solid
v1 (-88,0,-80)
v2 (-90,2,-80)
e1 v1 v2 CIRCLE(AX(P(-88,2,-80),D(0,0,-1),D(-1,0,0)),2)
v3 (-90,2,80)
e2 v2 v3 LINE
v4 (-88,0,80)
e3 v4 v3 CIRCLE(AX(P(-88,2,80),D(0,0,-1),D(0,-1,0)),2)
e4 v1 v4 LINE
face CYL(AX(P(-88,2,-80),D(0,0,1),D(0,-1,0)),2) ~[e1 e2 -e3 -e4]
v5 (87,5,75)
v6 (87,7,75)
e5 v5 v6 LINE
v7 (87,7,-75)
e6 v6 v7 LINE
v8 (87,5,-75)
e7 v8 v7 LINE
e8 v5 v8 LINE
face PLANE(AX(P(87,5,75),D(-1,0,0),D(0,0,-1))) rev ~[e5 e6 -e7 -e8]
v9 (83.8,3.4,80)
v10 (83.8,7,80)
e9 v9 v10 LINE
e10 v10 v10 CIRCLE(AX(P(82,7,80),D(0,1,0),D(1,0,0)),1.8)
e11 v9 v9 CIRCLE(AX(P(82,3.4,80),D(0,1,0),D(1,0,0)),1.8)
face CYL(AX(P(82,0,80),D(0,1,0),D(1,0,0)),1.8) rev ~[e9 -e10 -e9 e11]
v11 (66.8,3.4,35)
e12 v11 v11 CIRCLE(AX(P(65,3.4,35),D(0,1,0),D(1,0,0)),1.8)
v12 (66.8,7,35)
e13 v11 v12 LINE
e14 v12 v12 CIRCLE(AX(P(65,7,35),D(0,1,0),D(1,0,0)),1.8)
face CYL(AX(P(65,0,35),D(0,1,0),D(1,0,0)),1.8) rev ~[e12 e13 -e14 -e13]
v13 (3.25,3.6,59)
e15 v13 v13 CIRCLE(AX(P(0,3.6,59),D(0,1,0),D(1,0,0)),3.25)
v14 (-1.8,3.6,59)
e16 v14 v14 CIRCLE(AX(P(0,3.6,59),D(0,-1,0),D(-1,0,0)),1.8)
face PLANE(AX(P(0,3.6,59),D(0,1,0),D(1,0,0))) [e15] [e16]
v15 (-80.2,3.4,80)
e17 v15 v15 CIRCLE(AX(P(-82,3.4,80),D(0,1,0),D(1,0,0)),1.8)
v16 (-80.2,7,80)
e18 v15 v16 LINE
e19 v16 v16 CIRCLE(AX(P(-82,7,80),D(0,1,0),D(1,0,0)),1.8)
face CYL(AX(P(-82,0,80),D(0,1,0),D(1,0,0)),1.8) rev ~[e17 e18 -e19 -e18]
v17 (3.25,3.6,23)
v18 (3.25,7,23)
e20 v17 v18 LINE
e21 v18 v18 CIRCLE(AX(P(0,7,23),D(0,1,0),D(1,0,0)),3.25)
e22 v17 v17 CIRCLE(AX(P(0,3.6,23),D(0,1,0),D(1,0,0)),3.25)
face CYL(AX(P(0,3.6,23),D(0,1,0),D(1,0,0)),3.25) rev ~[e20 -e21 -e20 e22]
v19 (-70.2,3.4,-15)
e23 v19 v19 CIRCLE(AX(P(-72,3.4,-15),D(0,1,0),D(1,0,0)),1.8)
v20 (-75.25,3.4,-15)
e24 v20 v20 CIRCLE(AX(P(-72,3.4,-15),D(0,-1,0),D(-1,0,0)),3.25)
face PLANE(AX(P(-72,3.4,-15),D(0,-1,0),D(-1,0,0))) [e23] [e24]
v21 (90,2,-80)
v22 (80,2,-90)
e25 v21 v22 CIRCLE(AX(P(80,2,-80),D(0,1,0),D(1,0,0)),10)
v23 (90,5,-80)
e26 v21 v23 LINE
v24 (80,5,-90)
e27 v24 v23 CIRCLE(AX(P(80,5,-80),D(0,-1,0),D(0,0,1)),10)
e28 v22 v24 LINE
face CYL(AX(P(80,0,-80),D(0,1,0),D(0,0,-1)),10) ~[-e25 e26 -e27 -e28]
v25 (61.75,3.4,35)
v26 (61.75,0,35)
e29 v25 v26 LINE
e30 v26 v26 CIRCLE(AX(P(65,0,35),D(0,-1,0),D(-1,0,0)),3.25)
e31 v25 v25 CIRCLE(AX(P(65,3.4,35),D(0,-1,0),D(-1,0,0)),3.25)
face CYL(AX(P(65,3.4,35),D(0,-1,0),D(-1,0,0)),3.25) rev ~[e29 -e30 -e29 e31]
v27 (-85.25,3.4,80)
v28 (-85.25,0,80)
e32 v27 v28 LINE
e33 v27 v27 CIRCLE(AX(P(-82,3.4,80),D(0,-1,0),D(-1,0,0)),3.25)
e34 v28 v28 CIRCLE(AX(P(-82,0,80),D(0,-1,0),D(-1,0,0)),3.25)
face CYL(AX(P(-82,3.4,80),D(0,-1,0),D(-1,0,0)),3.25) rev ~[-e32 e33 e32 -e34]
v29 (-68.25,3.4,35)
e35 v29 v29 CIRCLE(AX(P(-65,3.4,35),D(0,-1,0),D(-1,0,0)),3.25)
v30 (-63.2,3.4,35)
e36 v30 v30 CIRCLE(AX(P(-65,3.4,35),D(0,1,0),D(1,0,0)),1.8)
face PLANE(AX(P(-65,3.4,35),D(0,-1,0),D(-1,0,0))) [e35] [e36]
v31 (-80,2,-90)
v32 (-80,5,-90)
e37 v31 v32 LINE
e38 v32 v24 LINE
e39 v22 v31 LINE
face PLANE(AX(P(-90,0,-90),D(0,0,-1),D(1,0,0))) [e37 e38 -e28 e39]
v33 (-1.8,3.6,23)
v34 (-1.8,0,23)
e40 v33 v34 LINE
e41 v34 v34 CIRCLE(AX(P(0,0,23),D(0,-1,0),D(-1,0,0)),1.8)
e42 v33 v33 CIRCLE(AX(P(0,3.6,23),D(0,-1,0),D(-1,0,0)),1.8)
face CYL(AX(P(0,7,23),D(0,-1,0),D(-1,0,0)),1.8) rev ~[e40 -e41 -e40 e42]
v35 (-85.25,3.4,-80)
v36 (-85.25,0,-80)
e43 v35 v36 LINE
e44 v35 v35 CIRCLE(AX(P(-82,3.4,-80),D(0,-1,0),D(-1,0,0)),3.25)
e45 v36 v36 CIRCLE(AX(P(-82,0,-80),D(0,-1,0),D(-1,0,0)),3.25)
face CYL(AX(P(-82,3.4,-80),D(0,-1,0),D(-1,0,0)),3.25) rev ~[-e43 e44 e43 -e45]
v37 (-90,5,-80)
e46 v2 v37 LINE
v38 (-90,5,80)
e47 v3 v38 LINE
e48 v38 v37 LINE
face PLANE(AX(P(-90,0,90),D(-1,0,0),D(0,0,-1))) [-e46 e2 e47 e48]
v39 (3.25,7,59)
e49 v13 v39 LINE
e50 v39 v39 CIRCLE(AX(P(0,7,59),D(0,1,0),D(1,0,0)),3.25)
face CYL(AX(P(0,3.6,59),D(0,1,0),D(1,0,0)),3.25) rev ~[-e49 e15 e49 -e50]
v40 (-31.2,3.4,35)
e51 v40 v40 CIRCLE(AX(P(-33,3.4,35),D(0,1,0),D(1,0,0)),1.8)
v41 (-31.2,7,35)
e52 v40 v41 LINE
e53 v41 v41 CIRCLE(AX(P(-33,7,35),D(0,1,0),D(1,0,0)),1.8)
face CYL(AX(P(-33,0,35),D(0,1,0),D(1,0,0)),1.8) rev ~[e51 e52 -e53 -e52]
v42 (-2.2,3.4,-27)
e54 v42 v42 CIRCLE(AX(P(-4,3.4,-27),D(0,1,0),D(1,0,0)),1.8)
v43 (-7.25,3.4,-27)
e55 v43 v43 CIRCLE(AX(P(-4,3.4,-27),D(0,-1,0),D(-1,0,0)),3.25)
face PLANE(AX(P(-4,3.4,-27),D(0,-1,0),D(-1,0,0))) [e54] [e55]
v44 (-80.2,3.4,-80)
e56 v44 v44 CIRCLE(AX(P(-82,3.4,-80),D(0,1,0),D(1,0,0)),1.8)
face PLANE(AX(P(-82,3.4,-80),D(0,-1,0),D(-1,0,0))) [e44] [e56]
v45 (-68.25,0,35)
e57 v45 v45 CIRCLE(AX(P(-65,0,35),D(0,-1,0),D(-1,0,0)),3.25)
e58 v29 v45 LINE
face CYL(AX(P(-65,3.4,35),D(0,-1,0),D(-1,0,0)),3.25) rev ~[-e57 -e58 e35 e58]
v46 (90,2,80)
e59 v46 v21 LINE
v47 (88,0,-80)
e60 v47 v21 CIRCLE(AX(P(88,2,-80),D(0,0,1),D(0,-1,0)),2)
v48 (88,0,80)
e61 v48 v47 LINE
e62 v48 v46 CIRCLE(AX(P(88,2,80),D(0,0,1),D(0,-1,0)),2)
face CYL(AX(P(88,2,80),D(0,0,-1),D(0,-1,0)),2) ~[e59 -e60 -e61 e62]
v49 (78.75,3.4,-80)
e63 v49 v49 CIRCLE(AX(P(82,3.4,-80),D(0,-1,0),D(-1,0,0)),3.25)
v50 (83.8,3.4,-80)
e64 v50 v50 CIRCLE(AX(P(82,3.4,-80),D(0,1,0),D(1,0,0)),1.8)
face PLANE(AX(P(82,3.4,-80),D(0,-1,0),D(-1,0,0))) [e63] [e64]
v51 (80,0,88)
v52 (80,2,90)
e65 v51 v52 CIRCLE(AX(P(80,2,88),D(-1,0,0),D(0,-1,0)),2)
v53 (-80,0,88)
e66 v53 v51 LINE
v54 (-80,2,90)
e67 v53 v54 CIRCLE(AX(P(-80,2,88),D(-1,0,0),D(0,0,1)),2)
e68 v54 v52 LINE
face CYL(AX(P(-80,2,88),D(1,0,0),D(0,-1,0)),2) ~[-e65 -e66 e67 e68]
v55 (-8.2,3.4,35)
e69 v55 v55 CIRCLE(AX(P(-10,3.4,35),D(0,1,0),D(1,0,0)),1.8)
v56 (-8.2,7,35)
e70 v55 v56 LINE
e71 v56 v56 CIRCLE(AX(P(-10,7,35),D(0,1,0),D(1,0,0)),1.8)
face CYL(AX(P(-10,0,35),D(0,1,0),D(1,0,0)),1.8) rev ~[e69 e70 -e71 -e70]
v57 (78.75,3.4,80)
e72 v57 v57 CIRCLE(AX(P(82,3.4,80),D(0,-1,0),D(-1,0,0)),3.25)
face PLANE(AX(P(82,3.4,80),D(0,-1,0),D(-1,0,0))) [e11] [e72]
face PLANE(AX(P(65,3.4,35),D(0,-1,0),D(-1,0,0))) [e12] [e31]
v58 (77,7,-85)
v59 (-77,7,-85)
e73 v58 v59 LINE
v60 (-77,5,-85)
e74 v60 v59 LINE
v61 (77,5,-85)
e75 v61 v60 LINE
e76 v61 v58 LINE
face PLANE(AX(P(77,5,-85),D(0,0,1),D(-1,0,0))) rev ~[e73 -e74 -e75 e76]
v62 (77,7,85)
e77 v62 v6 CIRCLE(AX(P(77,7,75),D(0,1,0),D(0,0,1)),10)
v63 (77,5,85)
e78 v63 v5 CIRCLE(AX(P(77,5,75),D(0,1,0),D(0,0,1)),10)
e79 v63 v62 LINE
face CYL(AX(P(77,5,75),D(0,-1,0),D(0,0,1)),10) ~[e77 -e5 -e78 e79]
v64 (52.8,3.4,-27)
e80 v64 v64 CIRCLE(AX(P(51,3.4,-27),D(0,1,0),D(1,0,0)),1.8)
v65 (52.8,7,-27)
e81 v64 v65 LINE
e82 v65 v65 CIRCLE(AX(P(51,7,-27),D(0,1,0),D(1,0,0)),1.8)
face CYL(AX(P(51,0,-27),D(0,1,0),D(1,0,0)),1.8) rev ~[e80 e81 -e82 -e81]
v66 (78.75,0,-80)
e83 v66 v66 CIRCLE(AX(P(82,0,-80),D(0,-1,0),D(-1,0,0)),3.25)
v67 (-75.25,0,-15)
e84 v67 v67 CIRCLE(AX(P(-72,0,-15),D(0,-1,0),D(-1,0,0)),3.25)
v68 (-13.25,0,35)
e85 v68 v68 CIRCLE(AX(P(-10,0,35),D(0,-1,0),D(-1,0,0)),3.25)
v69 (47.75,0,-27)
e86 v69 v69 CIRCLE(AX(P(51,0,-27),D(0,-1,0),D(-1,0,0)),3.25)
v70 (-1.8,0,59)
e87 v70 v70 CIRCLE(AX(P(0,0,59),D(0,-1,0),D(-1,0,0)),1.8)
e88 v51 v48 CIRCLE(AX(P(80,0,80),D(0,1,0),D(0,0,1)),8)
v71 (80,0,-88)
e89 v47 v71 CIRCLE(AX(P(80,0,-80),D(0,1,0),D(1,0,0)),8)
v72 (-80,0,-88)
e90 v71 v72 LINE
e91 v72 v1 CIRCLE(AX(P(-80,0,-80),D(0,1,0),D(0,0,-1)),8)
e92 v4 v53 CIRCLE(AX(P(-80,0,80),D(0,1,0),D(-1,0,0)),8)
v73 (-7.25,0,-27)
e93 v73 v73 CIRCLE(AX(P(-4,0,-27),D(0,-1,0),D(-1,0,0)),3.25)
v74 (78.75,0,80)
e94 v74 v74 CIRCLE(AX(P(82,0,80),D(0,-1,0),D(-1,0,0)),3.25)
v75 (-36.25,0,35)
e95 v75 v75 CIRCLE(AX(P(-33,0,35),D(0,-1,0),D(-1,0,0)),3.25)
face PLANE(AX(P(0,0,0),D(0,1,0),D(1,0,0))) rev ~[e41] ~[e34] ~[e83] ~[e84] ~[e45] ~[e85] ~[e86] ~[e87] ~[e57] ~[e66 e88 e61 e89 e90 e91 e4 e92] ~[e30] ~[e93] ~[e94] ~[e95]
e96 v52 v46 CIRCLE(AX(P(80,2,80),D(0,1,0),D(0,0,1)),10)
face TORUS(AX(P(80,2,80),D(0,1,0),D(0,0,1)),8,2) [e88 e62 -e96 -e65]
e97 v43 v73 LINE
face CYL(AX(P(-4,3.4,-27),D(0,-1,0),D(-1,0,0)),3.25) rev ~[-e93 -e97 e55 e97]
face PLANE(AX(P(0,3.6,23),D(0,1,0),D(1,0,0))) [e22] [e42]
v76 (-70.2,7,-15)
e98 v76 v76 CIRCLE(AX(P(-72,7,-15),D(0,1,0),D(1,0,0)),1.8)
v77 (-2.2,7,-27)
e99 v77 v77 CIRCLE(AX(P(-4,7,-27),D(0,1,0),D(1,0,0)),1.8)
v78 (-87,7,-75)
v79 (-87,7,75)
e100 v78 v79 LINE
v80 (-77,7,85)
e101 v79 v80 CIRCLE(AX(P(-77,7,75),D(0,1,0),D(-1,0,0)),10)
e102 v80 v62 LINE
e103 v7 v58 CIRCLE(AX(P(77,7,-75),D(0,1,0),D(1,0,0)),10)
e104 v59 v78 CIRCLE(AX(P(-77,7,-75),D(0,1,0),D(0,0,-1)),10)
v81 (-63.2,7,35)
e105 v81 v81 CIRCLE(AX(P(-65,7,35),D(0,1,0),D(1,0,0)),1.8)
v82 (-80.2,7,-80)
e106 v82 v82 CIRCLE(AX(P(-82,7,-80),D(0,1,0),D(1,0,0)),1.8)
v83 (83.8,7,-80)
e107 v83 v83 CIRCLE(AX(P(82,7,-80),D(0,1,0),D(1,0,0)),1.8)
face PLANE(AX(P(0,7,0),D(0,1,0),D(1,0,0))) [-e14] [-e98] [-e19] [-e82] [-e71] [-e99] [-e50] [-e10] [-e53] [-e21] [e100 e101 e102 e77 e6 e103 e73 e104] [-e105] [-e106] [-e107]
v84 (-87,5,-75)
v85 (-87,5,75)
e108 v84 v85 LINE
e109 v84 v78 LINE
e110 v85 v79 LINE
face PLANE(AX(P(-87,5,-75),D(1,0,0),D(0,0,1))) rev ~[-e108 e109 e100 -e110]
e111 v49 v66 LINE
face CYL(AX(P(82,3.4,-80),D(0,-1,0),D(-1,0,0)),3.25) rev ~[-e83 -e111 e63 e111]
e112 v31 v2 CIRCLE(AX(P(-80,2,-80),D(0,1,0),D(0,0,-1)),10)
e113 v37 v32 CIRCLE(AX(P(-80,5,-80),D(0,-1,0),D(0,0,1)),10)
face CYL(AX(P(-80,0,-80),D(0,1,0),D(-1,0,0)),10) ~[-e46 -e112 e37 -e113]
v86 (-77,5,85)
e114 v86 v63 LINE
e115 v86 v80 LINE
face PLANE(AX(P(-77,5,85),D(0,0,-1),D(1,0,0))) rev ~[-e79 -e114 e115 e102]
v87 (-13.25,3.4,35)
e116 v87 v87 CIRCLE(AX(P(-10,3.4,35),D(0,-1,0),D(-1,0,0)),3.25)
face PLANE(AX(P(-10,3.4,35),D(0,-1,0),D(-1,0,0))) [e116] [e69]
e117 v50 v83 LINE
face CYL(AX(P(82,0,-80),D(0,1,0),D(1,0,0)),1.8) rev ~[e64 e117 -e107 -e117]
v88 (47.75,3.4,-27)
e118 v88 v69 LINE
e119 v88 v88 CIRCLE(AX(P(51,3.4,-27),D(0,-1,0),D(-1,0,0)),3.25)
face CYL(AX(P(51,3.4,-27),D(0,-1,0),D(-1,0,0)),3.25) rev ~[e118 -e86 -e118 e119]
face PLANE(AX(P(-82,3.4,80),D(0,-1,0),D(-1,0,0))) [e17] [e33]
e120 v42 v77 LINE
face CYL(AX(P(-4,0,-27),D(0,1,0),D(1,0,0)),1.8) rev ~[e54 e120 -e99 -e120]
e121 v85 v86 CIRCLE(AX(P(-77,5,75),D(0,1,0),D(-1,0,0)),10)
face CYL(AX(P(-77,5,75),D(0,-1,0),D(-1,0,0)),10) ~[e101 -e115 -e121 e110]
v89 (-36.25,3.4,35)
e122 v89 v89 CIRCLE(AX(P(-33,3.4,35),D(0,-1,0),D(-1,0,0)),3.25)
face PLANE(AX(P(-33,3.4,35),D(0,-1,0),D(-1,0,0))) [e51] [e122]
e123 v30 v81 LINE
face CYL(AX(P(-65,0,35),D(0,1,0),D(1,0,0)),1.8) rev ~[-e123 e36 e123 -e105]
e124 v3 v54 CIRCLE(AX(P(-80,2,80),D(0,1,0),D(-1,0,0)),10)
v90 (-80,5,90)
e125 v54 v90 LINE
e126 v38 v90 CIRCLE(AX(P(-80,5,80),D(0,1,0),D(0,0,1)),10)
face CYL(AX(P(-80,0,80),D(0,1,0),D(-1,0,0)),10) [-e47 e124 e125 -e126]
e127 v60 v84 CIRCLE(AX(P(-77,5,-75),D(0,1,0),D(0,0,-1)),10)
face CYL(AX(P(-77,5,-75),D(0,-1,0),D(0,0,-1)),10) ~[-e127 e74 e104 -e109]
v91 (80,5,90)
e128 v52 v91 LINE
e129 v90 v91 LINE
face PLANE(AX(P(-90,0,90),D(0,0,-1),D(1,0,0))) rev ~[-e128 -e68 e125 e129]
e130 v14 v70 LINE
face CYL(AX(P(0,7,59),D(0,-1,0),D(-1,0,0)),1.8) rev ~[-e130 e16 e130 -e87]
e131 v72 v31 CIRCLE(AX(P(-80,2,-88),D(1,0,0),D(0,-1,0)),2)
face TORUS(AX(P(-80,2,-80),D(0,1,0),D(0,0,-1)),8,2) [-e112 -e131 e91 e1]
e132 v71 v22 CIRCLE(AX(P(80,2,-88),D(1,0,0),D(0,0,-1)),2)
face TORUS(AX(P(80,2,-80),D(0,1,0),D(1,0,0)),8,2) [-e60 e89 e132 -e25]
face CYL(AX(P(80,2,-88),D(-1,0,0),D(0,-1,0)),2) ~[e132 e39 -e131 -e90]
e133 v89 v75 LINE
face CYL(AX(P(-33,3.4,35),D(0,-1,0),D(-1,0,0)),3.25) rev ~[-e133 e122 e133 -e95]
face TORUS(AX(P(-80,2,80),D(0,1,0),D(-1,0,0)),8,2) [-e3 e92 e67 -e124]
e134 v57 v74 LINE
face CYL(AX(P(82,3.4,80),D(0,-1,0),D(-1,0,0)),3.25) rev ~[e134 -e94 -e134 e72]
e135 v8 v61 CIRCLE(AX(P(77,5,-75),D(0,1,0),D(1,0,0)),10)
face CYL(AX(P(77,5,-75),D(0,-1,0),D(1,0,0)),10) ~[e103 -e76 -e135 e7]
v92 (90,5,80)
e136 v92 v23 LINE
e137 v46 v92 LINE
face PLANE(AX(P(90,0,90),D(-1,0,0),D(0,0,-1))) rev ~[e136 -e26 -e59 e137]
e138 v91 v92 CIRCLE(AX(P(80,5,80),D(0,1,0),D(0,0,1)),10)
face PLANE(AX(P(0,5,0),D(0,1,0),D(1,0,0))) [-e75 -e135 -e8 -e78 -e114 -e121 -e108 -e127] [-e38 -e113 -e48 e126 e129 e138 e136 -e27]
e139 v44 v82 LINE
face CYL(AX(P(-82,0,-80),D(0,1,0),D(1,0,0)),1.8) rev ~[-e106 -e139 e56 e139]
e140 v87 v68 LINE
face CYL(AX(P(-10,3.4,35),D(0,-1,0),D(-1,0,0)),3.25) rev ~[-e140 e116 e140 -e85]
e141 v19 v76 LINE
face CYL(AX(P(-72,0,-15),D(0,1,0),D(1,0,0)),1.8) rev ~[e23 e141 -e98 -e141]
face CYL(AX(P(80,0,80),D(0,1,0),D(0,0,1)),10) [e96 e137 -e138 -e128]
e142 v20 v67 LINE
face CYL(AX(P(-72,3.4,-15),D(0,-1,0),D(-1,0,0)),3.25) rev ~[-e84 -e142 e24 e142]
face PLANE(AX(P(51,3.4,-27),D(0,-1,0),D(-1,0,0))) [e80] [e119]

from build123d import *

# Parameters (mm, degrees)
SKIZZE1_W                                            = 180
SKIZZE1_H                                            = 180
AUFSATZ_LINEAR_AUSTRAGEN1_DEPTH                      = 5
AUFSATZ_LINEAR_AUSTRAGEN2_DEPTH                      = 2
STIRNSENKUNG_F_R_M3_ZYLINDERSCHRAUBE_MIT_D           = 3.6
STIRNSENKUNG_F_R_M3_ZYLINDERSCHRAUBE_MIT_DEPTH       = 9.1
STIRNSENKUNG_F_R_M3_ZYLINDERSCHRAUBE_MIT_CBORE_D     = 6.5
STIRNSENKUNG_F_R_M3_ZYLINDERSCHRAUBE_MIT_CBORE_DEPTH = 3.4
STIRNSENKUNG_F_R_M3_ZYLINDERSCHRAUBE_MIT_TIP         = 1.081549114
STIRNSENKUNG_F_R_M3_ZYLINDERSCHRAUBE_2_D             = 3.6
STIRNSENKUNG_F_R_M3_ZYLINDERSCHRAUBE_2_DEPTH         = 9.1
STIRNSENKUNG_F_R_M3_ZYLINDERSCHRAUBE_2_CBORE_D       = 6.5
STIRNSENKUNG_F_R_M3_ZYLINDERSCHRAUBE_2_CBORE_DEPTH   = 3.4
STIRNSENKUNG_F_R_M3_ZYLINDERSCHRAUBE_2_TIP           = 1.081549114
VERRUNDUNG1_R                                        = 10
VERRUNDUNG2_R                                        = 2
STIRNSENKUNG_F_R_M3_ZYLINDERSCHRAUBE_3_D             = 3.6
STIRNSENKUNG_F_R_M3_ZYLINDERSCHRAUBE_3_CBORE_D       = 6.5
STIRNSENKUNG_F_R_M3_ZYLINDERSCHRAUBE_3_CBORE_DEPTH   = 3.4


with BuildPart() as part:
    # Skizze1 → Aufsatz-Linear austragen1 (new body)
    with BuildSketch(Plane(origin=(0, 0, 0), x_dir=(1, 0, 0), z_dir=(0, 1, 0))):
        Rectangle(SKIZZE1_W, SKIZZE1_H)
    extrude(amount=AUFSATZ_LINEAR_AUSTRAGEN1_DEPTH)

    # Skizze2 → Aufsatz-Linear austragen2 (add)
    with BuildSketch(Plane(origin=(0, 5, 0), x_dir=(1, 0, 0), z_dir=(0, 1, 0))):
        with BuildLine():
            Line((77, 85), (-77, 85))
            ThreePointArc((-77, 85), (-84.071067812, 82.071067812), (-87, 75))
            Line((-87, 75), (-87, -75))
            ThreePointArc((-87, -75), (-84.071067812, -82.071067812), (-77, -85))
            Line((-77, -85), (77, -85))
            ThreePointArc((77, -85), (84.071067812, -82.071067812), (87, -75))
            Line((87, -75), (87, 75))
            ThreePointArc((87, 75), (84.071067812, 82.071067812), (77, 85))
        make_face()
    extrude(amount=AUFSATZ_LINEAR_AUSTRAGEN2_DEPTH)

    # Stirnsenkung f_r M3 Zylinderschraube mit
    with Locations(Plane(origin=(0, 7, 0), x_dir=(1, 0, 0), z_dir=(0, 1, 0))):
        with Locations((0, -23), (0, -59)):
            CounterBoreHole(STIRNSENKUNG_F_R_M3_ZYLINDERSCHRAUBE_MIT_D / 2, STIRNSENKUNG_F_R_M3_ZYLINDERSCHRAUBE_MIT_CBORE_D / 2, STIRNSENKUNG_F_R_M3_ZYLINDERSCHRAUBE_MIT_CBORE_DEPTH, depth=STIRNSENKUNG_F_R_M3_ZYLINDERSCHRAUBE_MIT_DEPTH)
            with Locations((0, 0, -(STIRNSENKUNG_F_R_M3_ZYLINDERSCHRAUBE_MIT_DEPTH + STIRNSENKUNG_F_R_M3_ZYLINDERSCHRAUBE_MIT_TIP / 2))):  # 118° drill point
                Cone(0, STIRNSENKUNG_F_R_M3_ZYLINDERSCHRAUBE_MIT_D / 2, STIRNSENKUNG_F_R_M3_ZYLINDERSCHRAUBE_MIT_TIP, mode=Mode.SUBTRACT)

    # Stirnsenkung f_r M3 Zylinderschraube 2
    with Locations(Plane(origin=(0, 0, 0), x_dir=(-1, 0, 0), z_dir=(0, -1, 0))):
        with Locations((-82, 80), (82, 80), (82, -80), (-82, -80)):
            CounterBoreHole(STIRNSENKUNG_F_R_M3_ZYLINDERSCHRAUBE_2_D / 2, STIRNSENKUNG_F_R_M3_ZYLINDERSCHRAUBE_2_CBORE_D / 2, STIRNSENKUNG_F_R_M3_ZYLINDERSCHRAUBE_2_CBORE_DEPTH, depth=STIRNSENKUNG_F_R_M3_ZYLINDERSCHRAUBE_2_DEPTH)
            with Locations((0, 0, -(STIRNSENKUNG_F_R_M3_ZYLINDERSCHRAUBE_2_DEPTH + STIRNSENKUNG_F_R_M3_ZYLINDERSCHRAUBE_2_TIP / 2))):  # 118° drill point
                Cone(0, STIRNSENKUNG_F_R_M3_ZYLINDERSCHRAUBE_2_D / 2, STIRNSENKUNG_F_R_M3_ZYLINDERSCHRAUBE_2_TIP, mode=Mode.SUBTRACT)

    # Verrundung1
    verrundung1_edges = [part.edges().sort_by_distance(p)[0] for p in [
        (90, 2.5, -90),
        (90, 2.5, 90),
        (-90, 2.5, 90),
        (-90, 2.5, -90),
    ]]
    fillet(verrundung1_edges, radius=VERRUNDUNG1_R)

    # Verrundung2
    verrundung2_edges = [part.edges().sort_by_distance(p)[0] for p in [
        (90, 0, 0),
        (0, 0, -90),
        (0, 0, 90),
        (-90, 0, 0),
        (87.071067812, 0, -87.071067812),
        (-87.071067812, 0, -87.071067812),
        (-87.071067812, 0, 87.071067812),
        (87.071067812, 0, 87.071067812),
    ]]
    fillet(verrundung2_edges, radius=VERRUNDUNG2_R)

    # Stirnsenkung f_r M3 Zylinderschraube 3 (through all)
    with Locations(Plane(origin=(0, 0, 0), x_dir=(-1, 0, 0), z_dir=(0, -1, 0))):
        with Locations((-51, 27), (4, 27), (-65, -35), (10, -35), (33, -35), (65, -35), (72, 15)):
            CounterBoreHole(STIRNSENKUNG_F_R_M3_ZYLINDERSCHRAUBE_3_D / 2, STIRNSENKUNG_F_R_M3_ZYLINDERSCHRAUBE_3_CBORE_D / 2, STIRNSENKUNG_F_R_M3_ZYLINDERSCHRAUBE_3_CBORE_DEPTH)


solid = part.part
